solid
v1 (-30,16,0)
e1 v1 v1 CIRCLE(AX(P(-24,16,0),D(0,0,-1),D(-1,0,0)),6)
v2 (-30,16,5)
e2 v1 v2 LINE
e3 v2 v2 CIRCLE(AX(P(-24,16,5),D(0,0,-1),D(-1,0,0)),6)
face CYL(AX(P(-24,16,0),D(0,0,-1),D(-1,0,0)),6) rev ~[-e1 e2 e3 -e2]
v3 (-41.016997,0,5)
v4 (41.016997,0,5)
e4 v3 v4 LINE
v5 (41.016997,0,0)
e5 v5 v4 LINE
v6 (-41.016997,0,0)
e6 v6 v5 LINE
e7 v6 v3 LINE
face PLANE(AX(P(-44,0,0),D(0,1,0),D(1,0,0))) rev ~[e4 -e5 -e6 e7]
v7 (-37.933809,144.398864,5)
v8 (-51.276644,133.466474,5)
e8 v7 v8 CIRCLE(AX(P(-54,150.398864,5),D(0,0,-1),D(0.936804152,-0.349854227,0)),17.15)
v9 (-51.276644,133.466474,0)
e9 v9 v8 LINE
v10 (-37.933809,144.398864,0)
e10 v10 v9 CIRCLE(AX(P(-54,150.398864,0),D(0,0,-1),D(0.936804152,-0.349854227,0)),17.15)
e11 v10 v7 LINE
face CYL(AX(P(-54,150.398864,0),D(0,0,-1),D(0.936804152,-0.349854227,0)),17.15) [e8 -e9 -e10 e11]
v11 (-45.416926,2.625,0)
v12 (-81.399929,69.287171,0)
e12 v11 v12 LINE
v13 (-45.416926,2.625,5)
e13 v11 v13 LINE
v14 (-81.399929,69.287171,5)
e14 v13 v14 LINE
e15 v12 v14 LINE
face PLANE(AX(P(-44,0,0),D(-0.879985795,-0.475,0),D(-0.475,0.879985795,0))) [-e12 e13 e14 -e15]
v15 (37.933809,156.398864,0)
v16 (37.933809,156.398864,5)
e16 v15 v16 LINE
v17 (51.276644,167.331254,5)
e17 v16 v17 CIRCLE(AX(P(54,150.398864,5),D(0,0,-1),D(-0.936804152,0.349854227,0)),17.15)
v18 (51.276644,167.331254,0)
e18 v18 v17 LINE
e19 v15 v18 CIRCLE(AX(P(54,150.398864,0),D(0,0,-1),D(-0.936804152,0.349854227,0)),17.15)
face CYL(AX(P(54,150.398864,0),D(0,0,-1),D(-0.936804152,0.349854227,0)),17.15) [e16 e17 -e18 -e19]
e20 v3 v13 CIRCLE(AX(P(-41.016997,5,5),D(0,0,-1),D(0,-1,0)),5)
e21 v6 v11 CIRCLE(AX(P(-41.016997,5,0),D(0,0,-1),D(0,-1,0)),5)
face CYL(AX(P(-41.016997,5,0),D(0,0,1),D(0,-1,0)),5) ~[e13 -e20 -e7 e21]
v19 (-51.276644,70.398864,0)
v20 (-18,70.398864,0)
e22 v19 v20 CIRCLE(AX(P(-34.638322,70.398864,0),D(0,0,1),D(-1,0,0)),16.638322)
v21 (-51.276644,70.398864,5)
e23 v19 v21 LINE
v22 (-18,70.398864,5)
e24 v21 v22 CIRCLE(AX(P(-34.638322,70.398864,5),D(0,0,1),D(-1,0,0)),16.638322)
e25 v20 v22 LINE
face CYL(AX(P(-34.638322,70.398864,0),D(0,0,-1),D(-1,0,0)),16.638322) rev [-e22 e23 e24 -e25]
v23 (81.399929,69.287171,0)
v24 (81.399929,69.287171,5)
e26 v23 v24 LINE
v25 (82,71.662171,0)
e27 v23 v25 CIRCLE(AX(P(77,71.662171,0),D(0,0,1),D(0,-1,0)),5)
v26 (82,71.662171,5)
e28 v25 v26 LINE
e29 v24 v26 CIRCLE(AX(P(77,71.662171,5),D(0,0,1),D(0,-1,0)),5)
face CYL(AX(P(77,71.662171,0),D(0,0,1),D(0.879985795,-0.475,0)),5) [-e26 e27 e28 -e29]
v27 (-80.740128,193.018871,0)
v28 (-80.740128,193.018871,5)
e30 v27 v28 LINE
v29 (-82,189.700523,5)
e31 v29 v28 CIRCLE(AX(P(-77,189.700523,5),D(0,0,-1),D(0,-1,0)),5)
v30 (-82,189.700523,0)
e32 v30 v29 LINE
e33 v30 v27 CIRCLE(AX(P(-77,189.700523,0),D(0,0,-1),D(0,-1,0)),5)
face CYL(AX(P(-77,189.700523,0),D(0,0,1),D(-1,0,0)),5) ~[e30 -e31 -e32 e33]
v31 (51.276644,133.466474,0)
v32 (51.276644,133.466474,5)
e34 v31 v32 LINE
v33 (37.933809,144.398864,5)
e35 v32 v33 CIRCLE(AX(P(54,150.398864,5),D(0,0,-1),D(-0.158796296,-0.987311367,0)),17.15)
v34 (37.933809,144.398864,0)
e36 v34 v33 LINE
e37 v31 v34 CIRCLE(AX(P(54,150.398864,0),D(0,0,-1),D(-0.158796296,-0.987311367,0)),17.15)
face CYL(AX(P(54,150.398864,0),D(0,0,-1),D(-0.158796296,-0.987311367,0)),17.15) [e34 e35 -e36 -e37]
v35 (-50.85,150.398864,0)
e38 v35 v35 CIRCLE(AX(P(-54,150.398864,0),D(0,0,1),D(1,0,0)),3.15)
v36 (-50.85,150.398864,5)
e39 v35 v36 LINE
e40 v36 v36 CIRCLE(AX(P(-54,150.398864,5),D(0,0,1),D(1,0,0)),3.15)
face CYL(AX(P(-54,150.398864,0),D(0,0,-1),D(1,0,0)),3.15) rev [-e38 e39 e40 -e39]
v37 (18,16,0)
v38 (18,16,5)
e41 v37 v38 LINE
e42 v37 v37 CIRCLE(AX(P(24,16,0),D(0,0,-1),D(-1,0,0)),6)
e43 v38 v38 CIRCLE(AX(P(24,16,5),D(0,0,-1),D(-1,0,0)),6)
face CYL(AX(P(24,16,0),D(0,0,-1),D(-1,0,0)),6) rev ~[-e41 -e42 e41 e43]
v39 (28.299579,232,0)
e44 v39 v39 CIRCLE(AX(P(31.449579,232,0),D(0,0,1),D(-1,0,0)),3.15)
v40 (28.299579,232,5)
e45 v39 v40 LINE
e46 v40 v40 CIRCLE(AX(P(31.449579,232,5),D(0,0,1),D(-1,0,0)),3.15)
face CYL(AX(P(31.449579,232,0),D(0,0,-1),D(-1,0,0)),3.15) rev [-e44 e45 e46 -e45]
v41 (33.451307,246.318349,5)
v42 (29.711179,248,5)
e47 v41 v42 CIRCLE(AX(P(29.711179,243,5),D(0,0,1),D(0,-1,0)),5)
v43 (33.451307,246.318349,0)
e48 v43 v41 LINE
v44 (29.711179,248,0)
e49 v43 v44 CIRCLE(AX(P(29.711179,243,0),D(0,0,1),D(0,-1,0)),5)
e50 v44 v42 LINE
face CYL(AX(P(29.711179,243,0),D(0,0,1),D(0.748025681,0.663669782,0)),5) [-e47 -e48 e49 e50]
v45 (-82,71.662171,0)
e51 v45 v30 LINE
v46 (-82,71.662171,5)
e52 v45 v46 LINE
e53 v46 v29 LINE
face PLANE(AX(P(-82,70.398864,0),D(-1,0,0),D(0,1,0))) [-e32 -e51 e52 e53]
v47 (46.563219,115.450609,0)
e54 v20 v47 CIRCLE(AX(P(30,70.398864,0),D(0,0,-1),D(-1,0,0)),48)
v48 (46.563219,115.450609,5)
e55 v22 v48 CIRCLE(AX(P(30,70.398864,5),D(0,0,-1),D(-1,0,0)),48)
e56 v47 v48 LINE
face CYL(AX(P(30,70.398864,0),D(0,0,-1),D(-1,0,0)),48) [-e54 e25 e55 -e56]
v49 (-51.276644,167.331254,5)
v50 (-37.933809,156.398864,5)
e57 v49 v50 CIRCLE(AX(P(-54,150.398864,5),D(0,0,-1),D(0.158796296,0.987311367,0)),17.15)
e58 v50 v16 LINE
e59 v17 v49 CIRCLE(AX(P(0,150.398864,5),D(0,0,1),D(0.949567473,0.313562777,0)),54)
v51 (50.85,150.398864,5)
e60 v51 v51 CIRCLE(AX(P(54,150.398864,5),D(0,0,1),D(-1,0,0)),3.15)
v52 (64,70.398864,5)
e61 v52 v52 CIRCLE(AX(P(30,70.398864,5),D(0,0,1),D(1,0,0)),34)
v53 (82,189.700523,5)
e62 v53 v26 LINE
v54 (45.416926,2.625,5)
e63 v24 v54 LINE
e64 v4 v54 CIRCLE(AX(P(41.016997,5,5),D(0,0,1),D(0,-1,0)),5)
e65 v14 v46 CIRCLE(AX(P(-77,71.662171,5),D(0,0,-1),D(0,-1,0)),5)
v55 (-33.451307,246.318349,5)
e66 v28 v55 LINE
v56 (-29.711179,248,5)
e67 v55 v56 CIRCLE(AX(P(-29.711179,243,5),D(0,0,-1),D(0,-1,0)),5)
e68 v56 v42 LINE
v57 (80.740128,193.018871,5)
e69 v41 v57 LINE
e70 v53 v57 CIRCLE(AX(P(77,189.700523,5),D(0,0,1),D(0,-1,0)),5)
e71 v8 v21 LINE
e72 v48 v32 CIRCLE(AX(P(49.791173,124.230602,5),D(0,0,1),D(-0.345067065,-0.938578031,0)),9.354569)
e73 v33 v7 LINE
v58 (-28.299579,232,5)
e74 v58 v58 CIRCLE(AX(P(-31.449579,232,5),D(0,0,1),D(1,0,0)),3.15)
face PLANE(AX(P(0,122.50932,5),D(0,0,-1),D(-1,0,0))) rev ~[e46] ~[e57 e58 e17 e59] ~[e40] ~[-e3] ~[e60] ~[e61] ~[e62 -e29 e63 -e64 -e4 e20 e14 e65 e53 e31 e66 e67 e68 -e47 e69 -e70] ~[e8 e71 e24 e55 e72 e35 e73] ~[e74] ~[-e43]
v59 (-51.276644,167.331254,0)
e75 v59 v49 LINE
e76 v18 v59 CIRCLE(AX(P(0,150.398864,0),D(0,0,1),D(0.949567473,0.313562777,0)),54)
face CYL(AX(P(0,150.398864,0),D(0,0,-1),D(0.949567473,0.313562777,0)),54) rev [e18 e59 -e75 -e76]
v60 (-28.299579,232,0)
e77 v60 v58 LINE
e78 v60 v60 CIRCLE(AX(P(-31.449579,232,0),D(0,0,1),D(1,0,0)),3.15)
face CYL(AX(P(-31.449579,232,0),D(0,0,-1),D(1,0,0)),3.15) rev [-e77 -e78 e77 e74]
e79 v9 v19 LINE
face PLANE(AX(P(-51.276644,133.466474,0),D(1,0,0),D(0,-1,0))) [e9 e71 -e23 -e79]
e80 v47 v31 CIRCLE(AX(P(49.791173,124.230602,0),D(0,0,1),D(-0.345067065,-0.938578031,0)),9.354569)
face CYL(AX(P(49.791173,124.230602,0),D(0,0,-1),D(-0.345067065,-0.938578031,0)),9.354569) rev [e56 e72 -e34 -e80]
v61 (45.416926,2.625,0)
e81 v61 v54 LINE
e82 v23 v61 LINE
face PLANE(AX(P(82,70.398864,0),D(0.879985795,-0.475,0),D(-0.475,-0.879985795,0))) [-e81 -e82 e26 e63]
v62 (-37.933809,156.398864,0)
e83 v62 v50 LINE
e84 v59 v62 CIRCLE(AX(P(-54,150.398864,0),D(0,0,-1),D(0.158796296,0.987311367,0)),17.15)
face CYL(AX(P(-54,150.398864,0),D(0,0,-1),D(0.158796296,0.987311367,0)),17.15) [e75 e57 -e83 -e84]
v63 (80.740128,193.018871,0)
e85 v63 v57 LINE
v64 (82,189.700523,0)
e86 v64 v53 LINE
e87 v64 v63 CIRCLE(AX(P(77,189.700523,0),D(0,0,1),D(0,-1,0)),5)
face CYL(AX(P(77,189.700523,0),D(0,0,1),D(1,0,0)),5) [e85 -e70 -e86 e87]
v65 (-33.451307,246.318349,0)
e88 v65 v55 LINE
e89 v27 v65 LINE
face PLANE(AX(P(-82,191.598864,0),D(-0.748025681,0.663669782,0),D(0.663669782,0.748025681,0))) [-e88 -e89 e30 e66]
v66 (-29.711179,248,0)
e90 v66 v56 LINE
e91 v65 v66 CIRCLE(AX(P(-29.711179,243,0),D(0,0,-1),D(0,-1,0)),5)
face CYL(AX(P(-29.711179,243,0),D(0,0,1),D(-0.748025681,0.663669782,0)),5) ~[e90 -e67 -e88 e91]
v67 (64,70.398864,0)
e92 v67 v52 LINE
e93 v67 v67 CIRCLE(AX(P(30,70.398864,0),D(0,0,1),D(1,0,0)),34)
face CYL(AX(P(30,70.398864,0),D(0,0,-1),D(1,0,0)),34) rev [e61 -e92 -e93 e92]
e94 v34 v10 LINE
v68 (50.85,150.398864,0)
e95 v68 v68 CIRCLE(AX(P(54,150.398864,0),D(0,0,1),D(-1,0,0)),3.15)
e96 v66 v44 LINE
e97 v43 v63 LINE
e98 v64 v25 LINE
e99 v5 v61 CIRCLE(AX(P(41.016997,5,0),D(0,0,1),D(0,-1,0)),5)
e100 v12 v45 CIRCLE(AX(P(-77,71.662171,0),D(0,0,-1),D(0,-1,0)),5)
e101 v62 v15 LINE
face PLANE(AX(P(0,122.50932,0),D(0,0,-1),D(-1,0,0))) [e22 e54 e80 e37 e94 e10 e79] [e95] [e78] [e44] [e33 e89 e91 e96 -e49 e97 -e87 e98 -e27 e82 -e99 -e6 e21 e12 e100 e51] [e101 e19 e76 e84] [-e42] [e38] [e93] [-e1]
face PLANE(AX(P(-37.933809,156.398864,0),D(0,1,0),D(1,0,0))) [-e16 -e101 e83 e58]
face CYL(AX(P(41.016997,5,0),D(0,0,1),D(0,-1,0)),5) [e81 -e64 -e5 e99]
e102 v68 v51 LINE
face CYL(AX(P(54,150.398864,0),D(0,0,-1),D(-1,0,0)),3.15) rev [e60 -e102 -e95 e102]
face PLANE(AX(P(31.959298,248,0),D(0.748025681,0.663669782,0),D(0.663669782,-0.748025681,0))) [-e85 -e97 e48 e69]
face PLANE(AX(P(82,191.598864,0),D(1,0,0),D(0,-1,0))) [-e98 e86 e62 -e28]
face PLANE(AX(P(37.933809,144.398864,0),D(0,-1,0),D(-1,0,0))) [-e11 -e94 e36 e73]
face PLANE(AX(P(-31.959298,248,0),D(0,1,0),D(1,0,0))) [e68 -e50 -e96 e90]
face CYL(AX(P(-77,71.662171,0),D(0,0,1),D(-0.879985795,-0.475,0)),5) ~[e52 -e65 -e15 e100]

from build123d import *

# Parameters (mm, degrees)
SKETCH1_R           = 3.15
SKETCH1_R_2         = 34
BOSS_EXTRUDE2_DEPTH = 5
FILLET1_R           = 5
SKETCH2_R           = 6
CUT_EXTRUDE1_DEPTH  = 262.252751182


with BuildPart() as part:
    # Sketch1 → Boss-Extrude2 (new body)
    with BuildSketch(Plane.XY):
        Polygon((0, 0), (-44, 0), (-82, 70.398863627), (-82, 191.598863627), (-31.959298408, 248), (31.959298408, 248), (82, 191.598863627), (82, 70.398863627), (44, 0), align=None)
        with Locations((-31.449578633, 232)):
            Circle(SKETCH1_R, mode=Mode.SUBTRACT)
        with Locations((-24, 16)):
            Circle(SKETCH1_R, mode=Mode.SUBTRACT)
        with Locations((-54, 150.398863627)):
            Circle(SKETCH1_R, mode=Mode.SUBTRACT)
        with Locations(Location((24, 16, 0), (0, 0, 180))):
            Circle(SKETCH1_R, mode=Mode.SUBTRACT)
        with Locations(Location((31.449578633, 232, 0), (0, 0, 180))):
            Circle(SKETCH1_R, mode=Mode.SUBTRACT)
        with Locations(Location((54, 150.398863627, 0), (0, 0, 180))):
            Circle(SKETCH1_R, mode=Mode.SUBTRACT)
        with Locations((30, 70.398863627)):
            Circle(SKETCH1_R_2, mode=Mode.SUBTRACT)
        with BuildLine():
            Line((-37.93380879, 156.398863627), (37.93380879, 156.398863627))
            ThreePointArc((37.93380879, 156.398863627), (43.130728491, 163.664663146), (51.276643519, 167.331253579))
            ThreePointArc((51.276643519, 167.331253579), (0, 204.398863627), (-51.276643519, 167.331253579))
            ThreePointArc((-51.276643519, 167.331253579), (-43.130728491, 163.664663146), (-37.93380879, 156.398863627))
        make_face(mode=Mode.SUBTRACT)
        with BuildLine():
            Line((-51.276643519, 133.466473676), (-51.276643519, 70.398863627))
            ThreePointArc((-51.276643519, 70.398863627), (-34.638321759, 53.760541868), (-18, 70.398863627))
            ThreePointArc((-18, 70.398863627), (2.532150776, 109.762771703), (46.563219124, 115.450609123))
            ThreePointArc((46.563219124, 115.450609123), (58.841139814, 121.862892104), (51.276643519, 133.466473676))
            ThreePointArc((51.276643519, 133.466473676), (43.130728491, 137.133064108), (37.93380879, 144.398863627))
            Line((37.93380879, 144.398863627), (-37.93380879, 144.398863627))
            ThreePointArc((-37.93380879, 144.398863627), (-43.130728491, 137.133064108), (-51.276643519, 133.466473676))
        make_face(mode=Mode.SUBTRACT)
    extrude(amount=BOSS_EXTRUDE2_DEPTH)

    # Fillet1
    fillet1_edges = [part.edges().sort_by_distance(p)[0] for p in [
        (-44, 0, 2.5),
        (-82, 70.398863627, 2.5),
        (-82, 191.598863627, 2.5),
        (-31.959298408, 248, 2.5),
        (31.959298408, 248, 2.5),
        (82, 191.598863627, 2.5),
        (82, 70.398863627, 2.5),
        (44, 0, 2.5),
    ]]
    fillet(fillet1_edges, radius=FILLET1_R)

    # Sketch2 → Cut-Extrude1 (cut, through all)
    with BuildSketch(Plane(origin=(0, 0, 0), x_dir=(-1, 0, 0), z_dir=(0, 0, -1))):
        with Locations((24, 16)):
            Circle(SKETCH2_R)
        with Locations((-24, 16)):
            Circle(SKETCH2_R)
    extrude(amount=-CUT_EXTRUDE1_DEPTH, mode=Mode.SUBTRACT)


solid = part.part
